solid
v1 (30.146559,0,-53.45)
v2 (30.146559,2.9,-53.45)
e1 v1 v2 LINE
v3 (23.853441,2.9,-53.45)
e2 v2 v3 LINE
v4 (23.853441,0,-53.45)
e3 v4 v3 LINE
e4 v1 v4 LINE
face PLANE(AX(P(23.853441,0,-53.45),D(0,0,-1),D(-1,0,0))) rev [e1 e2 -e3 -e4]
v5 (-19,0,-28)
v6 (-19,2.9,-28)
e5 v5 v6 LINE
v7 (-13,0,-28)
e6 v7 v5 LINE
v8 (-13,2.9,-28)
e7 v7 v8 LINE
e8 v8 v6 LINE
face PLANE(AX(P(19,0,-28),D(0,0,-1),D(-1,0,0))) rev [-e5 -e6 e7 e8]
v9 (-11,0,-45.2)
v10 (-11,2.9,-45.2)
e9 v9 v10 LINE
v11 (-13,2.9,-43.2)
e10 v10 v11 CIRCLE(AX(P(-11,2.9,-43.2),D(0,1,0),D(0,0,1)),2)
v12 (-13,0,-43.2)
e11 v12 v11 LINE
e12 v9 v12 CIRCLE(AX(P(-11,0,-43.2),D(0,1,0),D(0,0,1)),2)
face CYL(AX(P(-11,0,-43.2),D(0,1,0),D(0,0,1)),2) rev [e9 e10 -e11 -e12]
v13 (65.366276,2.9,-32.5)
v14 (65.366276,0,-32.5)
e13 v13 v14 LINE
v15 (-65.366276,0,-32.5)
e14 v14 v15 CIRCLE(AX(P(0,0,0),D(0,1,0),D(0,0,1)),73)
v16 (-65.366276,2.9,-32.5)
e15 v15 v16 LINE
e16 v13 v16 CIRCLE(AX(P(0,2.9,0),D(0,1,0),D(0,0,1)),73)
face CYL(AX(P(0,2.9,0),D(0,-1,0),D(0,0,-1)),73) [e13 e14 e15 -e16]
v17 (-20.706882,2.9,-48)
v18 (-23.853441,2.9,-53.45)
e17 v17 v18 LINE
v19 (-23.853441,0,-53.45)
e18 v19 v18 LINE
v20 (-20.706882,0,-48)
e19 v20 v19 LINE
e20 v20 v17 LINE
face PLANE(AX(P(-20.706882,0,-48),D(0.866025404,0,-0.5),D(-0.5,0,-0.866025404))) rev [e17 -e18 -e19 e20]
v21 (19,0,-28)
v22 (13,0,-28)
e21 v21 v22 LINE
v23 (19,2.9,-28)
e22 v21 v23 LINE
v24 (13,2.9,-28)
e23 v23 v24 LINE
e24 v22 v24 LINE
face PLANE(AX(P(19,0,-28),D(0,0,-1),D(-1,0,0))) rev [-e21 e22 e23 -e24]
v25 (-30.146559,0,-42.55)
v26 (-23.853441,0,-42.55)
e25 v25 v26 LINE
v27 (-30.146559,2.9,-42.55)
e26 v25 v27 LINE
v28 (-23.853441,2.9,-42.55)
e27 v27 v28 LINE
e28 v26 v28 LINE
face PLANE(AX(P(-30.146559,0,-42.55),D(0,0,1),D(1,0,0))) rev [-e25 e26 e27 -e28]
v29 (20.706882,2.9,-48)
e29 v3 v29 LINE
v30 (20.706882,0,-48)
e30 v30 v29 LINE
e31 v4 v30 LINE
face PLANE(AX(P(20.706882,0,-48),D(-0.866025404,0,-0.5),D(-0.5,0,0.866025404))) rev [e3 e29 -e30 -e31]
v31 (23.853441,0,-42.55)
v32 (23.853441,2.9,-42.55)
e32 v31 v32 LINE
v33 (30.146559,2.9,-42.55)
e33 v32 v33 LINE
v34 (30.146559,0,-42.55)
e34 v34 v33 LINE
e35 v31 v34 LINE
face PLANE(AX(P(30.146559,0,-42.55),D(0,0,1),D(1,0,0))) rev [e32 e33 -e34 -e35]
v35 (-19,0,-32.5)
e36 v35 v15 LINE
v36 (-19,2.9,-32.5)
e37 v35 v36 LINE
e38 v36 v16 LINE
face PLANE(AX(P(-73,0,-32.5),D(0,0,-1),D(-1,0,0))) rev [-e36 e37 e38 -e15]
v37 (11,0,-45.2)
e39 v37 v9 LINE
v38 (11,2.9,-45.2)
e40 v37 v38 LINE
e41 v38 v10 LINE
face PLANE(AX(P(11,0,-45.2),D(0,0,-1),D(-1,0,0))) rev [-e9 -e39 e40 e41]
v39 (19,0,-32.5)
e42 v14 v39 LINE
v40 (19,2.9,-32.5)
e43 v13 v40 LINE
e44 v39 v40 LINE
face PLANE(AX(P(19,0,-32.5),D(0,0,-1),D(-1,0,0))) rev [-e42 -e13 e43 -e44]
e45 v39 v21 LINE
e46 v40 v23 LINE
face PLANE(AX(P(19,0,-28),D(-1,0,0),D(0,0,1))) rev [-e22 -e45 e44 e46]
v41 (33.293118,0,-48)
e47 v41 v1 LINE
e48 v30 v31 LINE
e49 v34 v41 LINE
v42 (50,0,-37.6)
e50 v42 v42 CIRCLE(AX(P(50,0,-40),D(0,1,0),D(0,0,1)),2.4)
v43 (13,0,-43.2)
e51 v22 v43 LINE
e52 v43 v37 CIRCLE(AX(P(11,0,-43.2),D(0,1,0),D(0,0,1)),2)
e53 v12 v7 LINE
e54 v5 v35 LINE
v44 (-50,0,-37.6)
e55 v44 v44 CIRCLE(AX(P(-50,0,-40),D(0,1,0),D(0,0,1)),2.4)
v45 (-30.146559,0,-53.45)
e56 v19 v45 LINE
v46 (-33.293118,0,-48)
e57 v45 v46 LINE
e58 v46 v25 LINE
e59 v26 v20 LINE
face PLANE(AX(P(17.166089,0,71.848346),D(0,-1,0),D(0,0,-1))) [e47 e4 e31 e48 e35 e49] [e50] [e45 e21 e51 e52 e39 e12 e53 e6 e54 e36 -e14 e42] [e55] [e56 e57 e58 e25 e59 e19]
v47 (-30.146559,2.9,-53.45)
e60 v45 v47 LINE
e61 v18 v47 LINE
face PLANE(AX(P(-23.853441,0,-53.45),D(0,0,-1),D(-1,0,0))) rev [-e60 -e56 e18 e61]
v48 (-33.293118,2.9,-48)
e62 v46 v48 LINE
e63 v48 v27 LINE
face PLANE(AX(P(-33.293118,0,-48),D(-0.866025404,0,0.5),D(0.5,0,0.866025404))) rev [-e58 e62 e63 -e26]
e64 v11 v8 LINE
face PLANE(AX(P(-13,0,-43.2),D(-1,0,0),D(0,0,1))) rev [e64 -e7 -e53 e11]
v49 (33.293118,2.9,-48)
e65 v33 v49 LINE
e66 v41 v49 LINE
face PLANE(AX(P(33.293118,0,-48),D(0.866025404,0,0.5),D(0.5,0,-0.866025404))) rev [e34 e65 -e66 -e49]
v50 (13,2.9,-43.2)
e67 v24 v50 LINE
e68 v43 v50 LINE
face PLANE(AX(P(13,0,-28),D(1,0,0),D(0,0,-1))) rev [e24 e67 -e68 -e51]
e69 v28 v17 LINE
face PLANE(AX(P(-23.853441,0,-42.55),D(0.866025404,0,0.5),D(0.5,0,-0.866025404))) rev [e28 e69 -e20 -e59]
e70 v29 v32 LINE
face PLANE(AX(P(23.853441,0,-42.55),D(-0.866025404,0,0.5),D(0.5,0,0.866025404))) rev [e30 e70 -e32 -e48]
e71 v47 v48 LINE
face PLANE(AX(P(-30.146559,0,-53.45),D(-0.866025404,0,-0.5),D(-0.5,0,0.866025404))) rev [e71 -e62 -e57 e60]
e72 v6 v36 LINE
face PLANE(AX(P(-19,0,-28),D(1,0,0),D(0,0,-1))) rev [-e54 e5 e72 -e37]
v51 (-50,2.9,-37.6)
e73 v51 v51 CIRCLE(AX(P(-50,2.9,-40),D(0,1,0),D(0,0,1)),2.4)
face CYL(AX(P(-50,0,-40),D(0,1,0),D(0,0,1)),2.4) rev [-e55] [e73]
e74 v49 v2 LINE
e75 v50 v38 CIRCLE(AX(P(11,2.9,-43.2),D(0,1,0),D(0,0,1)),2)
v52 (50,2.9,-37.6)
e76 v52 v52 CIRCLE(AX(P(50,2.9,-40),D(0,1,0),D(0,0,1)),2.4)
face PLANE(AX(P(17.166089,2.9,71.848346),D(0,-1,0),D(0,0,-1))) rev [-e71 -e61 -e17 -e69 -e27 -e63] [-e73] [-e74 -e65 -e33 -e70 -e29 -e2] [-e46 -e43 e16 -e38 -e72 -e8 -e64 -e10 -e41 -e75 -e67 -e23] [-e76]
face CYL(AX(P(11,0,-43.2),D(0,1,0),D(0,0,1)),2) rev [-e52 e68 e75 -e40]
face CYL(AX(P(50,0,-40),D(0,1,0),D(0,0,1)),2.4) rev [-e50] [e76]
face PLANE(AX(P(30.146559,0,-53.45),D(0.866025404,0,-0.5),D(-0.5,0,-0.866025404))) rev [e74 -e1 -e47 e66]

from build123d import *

# Parameters (mm, degrees)
BOSS_EXTRUDE1_DEPTH  = 2.9
SOLENOID_PLACEMENT_W = 38
SOLENOID_PLACEMENT_H = 64
CUT_EXTRUDE1_DEPTH   = 104.278313309
CUT_EXTRUDE4_DEPTH   = 104.278313309
CUT_EXTRUDE5_DEPTH   = 104.278313309
SKETCH6_R            = 2.4
CUT_EXTRUDE6_DEPTH   = 104.278313309
CUT_EXTRUDE3_DEPTH   = 104.278313309
SKETCH7_W            = 10
SKETCH7_H            = 62.80248699
CUT_EXTRUDE7_DEPTH   = 99.031423533


with BuildPart() as part:
    # Sketch1 → Boss-Extrude1 (new body)
    with BuildSketch(Plane(origin=(0, 0, 0), x_dir=(1, 0, 0), z_dir=(0, 1, 0))):
        with BuildLine():
            ThreePointArc((36.856602833, -63.012624351), (0, 73), (-36.856602833, -63.012624351))
            ThreePointArc((-36.856602833, -63.012624351), (-33.368752207, -63.602994345), (-30.363140064, -61.737536127))
            ThreePointArc((-30.363140064, -61.737536127), (0, -46.75), (30.363140064, -61.737536127))
            ThreePointArc((30.363140064, -61.737536127), (33.368752207, -63.602994345), (36.856602833, -63.012624351))
        make_face()
    extrude(amount=BOSS_EXTRUDE1_DEPTH)

    # solenoid placement → Cut-Extrude1 (cut, through all)
    with BuildSketch(Plane(origin=(0, 2.9, 0), x_dir=(1, 0, 0), z_dir=(0, 1, 0))):
        with Locations((0, -4)):
            Rectangle(SOLENOID_PLACEMENT_W, SOLENOID_PLACEMENT_H)
    extrude(amount=-CUT_EXTRUDE1_DEPTH, mode=Mode.SUBTRACT)

    # Sketch4 → Cut-Extrude4 (cut, through all)
    with BuildSketch(Plane(origin=(0, 2.9, 0), x_dir=(1, 0, 0), z_dir=(0, 1, 0))):
        with BuildLine():
            Line((-13, 28), (13, 28))
            Line((13, 28), (13, 43.2))
            ThreePointArc((13, 43.2), (12.414213562, 44.614213562), (11, 45.2))
            Line((11, 45.2), (-11, 45.2))
            ThreePointArc((-11, 45.2), (-12.414213562, 44.614213562), (-13, 43.2))
            Line((-13, 43.2), (-13, 28))
        make_face()
    extrude(amount=-CUT_EXTRUDE4_DEPTH, mode=Mode.SUBTRACT)

    # Sketch5 → Cut-Extrude5 (cut, through all)
    with BuildSketch(Plane(origin=(0, 2.9, 0), x_dir=(1, 0, 0), z_dir=(0, 1, 0))):
        Polygon((-20.706882066, 48), (-23.853441033, 53.45), (-30.146558967, 53.45), (-33.293117934, 48), (-30.146558967, 42.55), (-23.853441033, 42.55), align=None)
        Polygon((23.853441033, 42.55), (20.706882066, 48), (23.853441033, 53.45), (30.146558967, 53.45), (33.293117934, 48), (30.146558967, 42.55), align=None)
    extrude(amount=-CUT_EXTRUDE5_DEPTH, mode=Mode.SUBTRACT)

    # Sketch6 → Cut-Extrude6 (cut, through all)
    with BuildSketch(Plane(origin=(0, 2.9, 0), x_dir=(1, 0, 0), z_dir=(0, 1, 0))):
        with Locations(Location((40, -40, 0), (0, 0, 270))):
            Circle(SKETCH6_R)
        with Locations(Location((-40, -40, 0), (0, 0, 270))):
            Circle(SKETCH6_R)
        with Locations(Location((-50, 40, 0), (0, 0, 270))):
            Circle(SKETCH6_R)
        with Locations(Location((50, 40, 0), (0, 0, 270))):
            Circle(SKETCH6_R)
    extrude(amount=-CUT_EXTRUDE6_DEPTH, mode=Mode.SUBTRACT)

    # Sketch3 → Cut-Extrude3 (cut, through all)
    with BuildSketch(Plane(origin=(0, 2.9, 0), x_dir=(1, 0, 0), z_dir=(0, 1, 0))):
        Polygon((-19, 28), (19, 28), (19, 32.5), (73, 32.5), (73, -32.5), (-73, -32.5), (-73, 32.5), (-19, 32.5), align=None)
    extrude(amount=-CUT_EXTRUDE3_DEPTH, mode=Mode.SUBTRACT)


with BuildPart() as cut_extrude3_piece_1:
    # of the separate pieces the step leaves, piece 1, a body of its own (cut_extrude3_pieces)
    add(part.part.solids().sort_by_distance((65.366275709, 0, -32.5))[0])


with BuildPart() as cut_extrude3_piece_2:
    # of the separate pieces the step leaves, piece 2, a body of its own (cut_extrude3_pieces)
    add(part.part.solids().sort_by_distance((-36.856602833, 0, 63.012624351))[0])

    # Sketch7 → Cut-Extrude7 (cut, through all)
    with BuildSketch(Plane(origin=(0, 2.9, 0), x_dir=(1, 0, 0), z_dir=(0, 1, 0))):
        with Locations((0, -31.401243495)):
            Rectangle(SKETCH7_W, SKETCH7_H)
    extrude(amount=-CUT_EXTRUDE7_DEPTH, mode=Mode.SUBTRACT)


with BuildPart() as cut_extrude7_piece_1:
    # of the separate pieces the step leaves, piece 1, a body of its own (cut_extrude7_pieces)
    add(cut_extrude3_piece_2.part.solids().sort_by_distance((5, 0, 47.078205475))[0])


with BuildPart() as cut_extrude7_piece_2:
    # of the separate pieces the step leaves, piece 2, a body of its own (cut_extrude7_pieces)
    add(cut_extrude3_piece_2.part.solids().sort_by_distance((-36.856602833, 0, 63.012624351))[0])


solid = cut_extrude3_piece_1.part
